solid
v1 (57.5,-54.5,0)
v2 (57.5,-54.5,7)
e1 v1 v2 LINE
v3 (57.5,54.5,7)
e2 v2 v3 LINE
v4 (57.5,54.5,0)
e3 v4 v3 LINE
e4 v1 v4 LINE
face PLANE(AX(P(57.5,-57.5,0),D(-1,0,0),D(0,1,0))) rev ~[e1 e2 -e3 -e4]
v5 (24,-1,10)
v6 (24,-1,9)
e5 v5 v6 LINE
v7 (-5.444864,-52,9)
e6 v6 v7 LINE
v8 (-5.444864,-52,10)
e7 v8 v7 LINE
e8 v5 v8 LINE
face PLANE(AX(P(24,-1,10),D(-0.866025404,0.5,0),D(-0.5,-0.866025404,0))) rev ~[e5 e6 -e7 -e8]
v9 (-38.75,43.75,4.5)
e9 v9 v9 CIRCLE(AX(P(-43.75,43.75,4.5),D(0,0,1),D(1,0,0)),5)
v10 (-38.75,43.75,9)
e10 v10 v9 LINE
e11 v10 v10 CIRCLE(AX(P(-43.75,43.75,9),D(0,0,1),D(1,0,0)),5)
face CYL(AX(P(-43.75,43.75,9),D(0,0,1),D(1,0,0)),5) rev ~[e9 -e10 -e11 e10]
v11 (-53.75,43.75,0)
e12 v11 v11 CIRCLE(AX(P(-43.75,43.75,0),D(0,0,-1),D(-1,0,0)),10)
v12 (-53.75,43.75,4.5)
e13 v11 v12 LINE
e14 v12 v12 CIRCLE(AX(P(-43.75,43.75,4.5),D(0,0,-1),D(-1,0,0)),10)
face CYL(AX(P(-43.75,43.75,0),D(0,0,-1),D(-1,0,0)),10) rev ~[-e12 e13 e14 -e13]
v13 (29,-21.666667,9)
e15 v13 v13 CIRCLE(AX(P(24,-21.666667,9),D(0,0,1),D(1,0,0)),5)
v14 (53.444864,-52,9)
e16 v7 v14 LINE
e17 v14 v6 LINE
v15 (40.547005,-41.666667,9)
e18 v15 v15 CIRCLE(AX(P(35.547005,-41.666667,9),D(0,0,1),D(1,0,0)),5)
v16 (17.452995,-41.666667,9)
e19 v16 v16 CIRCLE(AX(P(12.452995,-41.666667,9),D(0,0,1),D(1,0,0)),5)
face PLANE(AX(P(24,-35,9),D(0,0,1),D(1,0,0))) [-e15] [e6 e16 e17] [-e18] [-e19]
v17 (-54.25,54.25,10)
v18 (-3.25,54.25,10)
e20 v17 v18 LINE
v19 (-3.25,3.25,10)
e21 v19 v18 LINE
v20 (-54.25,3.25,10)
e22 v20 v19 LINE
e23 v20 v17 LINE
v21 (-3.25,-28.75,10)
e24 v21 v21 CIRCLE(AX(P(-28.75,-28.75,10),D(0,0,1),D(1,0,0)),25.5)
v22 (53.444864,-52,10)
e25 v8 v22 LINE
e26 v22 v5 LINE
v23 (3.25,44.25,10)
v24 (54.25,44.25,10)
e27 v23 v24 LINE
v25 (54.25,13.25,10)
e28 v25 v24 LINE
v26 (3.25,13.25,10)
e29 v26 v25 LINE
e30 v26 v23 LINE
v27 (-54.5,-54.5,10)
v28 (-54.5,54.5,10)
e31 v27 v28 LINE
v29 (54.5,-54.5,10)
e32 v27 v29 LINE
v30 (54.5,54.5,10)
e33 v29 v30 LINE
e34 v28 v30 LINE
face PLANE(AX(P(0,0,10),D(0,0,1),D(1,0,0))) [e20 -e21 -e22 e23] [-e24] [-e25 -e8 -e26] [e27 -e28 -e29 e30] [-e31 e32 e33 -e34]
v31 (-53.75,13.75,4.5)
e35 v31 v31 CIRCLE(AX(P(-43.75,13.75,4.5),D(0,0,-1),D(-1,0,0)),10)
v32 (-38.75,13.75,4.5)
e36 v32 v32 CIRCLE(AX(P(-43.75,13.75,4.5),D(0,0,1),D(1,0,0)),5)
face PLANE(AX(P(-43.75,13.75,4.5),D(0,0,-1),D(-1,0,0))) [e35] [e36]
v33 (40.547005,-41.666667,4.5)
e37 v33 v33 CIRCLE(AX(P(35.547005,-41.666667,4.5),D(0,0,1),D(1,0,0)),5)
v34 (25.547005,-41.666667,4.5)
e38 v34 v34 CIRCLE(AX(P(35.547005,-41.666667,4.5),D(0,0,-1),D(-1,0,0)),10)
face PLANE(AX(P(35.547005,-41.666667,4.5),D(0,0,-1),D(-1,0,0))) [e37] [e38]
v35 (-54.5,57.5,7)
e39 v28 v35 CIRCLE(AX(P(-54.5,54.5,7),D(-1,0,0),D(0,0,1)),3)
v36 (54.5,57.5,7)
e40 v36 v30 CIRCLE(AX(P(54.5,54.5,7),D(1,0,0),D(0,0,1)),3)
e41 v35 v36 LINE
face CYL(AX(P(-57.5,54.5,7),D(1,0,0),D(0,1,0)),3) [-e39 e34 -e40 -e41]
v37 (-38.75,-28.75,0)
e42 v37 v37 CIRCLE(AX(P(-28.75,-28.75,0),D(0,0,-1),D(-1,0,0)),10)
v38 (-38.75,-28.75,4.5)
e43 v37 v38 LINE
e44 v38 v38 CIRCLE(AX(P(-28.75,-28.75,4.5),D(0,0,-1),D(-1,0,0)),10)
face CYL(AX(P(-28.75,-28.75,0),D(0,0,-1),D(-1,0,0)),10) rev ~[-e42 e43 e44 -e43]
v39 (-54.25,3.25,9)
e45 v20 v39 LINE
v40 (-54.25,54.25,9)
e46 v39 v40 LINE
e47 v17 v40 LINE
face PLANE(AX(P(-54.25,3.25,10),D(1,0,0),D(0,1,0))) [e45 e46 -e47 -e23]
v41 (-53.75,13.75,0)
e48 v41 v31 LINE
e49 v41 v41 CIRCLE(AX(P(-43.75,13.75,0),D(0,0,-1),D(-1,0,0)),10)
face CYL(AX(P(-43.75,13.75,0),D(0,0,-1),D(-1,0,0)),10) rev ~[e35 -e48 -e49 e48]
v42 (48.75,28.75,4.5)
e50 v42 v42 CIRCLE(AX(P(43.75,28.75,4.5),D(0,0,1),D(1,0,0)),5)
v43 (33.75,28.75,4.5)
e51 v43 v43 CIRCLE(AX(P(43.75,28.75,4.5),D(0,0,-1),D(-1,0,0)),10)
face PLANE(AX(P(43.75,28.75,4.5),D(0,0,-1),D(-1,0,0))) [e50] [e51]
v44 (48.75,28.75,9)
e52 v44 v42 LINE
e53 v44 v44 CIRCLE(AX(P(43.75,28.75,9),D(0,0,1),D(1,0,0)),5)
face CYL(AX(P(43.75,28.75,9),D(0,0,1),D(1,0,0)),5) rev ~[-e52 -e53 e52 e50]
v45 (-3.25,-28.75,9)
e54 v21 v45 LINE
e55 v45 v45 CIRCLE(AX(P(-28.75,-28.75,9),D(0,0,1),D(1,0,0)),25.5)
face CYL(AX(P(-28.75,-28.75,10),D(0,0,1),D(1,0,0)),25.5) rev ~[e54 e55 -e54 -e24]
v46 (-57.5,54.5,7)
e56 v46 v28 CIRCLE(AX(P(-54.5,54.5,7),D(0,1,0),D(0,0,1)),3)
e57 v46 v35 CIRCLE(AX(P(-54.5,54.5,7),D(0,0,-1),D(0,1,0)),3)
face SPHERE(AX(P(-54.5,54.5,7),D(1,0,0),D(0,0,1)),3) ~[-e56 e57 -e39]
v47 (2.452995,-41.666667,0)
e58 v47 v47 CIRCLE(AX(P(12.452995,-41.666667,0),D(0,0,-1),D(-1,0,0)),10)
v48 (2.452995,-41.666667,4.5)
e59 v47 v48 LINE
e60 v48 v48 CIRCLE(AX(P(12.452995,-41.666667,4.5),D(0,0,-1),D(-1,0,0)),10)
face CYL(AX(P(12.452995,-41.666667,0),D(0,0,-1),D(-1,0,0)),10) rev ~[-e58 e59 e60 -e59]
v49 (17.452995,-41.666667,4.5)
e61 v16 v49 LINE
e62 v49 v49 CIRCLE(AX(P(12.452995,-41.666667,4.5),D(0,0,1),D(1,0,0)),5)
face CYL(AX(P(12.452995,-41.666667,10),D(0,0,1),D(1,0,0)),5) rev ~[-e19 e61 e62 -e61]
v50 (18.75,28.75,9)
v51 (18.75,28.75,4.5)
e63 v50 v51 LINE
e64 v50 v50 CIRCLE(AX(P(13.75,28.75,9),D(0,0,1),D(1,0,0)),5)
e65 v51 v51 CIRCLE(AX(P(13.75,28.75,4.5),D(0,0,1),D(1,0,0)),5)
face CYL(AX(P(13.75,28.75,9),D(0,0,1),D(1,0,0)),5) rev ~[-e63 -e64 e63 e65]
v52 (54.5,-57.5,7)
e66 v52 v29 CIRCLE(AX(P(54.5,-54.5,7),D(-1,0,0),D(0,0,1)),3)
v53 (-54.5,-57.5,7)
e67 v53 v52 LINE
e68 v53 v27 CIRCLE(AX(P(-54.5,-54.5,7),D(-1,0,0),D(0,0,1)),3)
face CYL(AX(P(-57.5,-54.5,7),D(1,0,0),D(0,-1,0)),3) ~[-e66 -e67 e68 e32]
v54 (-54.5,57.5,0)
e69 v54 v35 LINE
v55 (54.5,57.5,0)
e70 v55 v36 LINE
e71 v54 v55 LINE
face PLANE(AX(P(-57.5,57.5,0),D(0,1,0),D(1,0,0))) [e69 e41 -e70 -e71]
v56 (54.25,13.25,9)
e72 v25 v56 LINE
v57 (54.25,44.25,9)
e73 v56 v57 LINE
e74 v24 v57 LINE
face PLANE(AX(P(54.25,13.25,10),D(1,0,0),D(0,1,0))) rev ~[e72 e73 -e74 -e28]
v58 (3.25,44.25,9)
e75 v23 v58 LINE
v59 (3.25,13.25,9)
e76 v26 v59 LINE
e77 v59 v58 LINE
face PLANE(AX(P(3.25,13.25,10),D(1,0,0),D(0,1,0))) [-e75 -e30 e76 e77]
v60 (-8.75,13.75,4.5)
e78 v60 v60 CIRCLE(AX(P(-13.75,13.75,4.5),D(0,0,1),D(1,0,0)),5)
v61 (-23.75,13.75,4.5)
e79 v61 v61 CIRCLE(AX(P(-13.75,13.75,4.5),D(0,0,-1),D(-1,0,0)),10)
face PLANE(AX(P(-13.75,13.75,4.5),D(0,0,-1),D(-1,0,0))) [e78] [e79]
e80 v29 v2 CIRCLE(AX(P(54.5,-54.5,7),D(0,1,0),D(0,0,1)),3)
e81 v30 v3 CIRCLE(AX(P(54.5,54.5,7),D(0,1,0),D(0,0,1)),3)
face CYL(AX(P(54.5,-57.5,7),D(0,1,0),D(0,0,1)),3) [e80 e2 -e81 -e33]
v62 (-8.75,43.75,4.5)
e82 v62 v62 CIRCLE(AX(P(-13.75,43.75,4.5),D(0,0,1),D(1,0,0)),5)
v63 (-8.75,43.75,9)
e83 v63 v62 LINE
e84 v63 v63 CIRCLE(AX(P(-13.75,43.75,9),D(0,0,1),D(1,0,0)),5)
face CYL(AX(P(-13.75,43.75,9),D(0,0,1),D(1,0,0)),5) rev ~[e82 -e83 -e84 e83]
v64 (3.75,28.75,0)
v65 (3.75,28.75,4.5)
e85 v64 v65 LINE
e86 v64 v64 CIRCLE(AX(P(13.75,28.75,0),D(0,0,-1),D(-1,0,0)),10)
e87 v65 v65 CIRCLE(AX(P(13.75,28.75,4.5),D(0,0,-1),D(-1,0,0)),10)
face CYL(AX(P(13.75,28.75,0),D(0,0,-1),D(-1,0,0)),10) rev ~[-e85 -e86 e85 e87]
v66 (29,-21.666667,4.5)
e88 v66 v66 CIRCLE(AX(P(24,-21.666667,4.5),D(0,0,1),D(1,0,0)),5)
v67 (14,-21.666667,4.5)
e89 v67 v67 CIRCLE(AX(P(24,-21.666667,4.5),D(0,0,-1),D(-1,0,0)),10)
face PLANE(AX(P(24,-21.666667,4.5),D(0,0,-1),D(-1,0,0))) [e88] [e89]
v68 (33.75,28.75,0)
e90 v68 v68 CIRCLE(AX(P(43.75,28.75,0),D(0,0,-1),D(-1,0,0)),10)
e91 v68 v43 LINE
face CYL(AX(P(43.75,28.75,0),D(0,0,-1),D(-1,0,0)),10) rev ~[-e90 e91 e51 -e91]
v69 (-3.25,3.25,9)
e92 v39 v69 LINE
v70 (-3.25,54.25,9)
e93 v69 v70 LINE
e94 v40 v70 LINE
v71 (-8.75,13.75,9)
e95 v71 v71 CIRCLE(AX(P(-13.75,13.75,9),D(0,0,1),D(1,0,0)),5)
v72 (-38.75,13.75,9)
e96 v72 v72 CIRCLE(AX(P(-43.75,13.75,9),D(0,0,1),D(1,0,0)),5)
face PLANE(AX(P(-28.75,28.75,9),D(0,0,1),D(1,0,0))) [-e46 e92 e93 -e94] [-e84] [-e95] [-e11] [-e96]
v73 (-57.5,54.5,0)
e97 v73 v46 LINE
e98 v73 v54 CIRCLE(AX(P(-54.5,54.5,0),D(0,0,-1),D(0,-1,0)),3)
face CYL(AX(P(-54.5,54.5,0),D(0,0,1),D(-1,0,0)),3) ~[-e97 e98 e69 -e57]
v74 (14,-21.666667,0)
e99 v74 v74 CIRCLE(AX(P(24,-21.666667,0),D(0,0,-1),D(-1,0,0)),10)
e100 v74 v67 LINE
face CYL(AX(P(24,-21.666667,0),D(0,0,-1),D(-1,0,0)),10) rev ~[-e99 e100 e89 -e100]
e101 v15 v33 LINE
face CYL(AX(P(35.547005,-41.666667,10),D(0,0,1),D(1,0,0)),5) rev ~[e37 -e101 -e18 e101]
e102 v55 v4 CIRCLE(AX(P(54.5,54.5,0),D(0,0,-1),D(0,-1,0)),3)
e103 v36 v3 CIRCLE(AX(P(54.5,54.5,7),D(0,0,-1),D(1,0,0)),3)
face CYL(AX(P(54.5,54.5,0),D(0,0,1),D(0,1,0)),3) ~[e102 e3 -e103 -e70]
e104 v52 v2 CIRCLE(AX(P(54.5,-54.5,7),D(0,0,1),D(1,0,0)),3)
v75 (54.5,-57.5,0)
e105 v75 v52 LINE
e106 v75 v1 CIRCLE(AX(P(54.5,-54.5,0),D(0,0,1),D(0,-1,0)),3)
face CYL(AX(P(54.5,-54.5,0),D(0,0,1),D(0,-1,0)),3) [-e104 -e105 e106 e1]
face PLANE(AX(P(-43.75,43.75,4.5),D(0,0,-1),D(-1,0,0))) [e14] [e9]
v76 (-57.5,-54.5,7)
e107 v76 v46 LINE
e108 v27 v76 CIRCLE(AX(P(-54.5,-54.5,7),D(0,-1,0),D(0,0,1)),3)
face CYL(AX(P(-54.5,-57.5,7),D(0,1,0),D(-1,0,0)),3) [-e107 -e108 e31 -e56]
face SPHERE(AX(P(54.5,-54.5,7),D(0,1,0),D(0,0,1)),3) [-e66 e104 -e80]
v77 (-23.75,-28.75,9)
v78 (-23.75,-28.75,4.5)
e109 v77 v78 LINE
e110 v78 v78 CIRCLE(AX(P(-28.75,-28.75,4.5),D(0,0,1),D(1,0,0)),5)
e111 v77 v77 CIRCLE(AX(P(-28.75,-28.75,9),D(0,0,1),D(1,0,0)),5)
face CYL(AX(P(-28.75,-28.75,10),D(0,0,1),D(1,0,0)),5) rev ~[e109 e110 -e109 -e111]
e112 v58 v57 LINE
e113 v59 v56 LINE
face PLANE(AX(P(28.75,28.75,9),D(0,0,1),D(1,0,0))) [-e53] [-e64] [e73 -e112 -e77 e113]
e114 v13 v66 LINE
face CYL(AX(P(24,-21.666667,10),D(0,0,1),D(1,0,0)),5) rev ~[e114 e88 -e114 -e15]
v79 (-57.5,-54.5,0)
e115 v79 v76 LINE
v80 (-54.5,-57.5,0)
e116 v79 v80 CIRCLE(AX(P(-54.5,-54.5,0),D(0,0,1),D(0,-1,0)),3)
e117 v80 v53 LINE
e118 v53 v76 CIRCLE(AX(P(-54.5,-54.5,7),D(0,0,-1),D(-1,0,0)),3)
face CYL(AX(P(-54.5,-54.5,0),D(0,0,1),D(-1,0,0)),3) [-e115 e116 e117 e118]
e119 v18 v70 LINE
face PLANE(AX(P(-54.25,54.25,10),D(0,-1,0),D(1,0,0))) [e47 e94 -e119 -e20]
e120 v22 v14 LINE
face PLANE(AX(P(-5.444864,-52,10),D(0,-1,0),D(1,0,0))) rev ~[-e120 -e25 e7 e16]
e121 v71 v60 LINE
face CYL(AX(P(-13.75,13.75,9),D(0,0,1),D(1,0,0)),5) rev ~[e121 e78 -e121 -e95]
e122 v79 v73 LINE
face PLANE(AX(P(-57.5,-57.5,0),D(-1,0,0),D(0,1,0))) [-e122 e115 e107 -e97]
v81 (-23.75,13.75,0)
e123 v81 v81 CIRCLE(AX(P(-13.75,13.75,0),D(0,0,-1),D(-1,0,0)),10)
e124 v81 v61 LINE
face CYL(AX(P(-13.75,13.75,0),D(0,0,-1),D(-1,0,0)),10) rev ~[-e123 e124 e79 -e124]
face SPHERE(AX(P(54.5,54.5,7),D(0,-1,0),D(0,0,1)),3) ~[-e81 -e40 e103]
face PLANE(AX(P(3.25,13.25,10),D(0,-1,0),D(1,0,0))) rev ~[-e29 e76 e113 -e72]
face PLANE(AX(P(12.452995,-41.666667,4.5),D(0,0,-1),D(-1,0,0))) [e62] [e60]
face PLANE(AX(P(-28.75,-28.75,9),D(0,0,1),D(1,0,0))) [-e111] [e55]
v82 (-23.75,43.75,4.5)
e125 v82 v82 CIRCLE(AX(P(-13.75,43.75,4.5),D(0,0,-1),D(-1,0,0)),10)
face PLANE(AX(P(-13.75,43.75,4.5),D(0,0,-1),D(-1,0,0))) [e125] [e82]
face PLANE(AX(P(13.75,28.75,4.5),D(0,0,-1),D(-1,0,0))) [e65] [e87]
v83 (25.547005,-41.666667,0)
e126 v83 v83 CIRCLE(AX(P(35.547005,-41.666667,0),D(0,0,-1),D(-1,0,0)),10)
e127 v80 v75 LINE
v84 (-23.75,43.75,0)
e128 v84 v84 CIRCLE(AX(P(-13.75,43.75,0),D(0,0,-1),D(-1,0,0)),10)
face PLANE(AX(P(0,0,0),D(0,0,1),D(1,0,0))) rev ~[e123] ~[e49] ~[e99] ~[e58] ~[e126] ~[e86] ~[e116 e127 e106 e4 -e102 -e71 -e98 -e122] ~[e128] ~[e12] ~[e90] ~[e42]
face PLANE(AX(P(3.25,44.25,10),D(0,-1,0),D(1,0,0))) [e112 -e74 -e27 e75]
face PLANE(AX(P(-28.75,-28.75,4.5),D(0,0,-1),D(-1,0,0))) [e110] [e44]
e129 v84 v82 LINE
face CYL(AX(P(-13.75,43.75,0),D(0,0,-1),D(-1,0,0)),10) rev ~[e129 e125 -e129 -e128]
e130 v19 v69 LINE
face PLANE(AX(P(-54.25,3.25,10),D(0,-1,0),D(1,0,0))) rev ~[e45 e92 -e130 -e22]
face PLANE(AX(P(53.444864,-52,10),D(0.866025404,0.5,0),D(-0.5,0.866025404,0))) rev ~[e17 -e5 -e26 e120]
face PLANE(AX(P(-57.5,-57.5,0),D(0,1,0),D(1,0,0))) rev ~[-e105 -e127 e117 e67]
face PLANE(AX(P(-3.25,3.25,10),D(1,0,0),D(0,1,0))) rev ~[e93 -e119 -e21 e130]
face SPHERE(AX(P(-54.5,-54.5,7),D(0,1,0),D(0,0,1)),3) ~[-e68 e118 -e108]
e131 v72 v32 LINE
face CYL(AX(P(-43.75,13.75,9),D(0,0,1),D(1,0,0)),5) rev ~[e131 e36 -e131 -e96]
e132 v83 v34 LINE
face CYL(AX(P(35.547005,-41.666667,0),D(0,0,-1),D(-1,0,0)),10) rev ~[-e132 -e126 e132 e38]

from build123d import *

# Parameters (mm, degrees)
SKETCH1_W           = 115
SKETCH1_H           = 115
BOSS_EXTRUDE1_DEPTH = 10
SKETCH2_W           = 51
SKETCH2_H           = 51
CUT_EXTRUDE1_DEPTH  = 1
SKETCH4_W           = 51
SKETCH4_H           = 31
CUT_EXTRUDE2_DEPTH  = 1
SKETCH11_R          = 25.5
SKETCH11_R_2        = 5
CUT_EXTRUDE8_DEPTH  = 1
SKETCH6_R           = 5
CUT_EXTRUDE9_DEPTH  = 1
SKETCH3_R           = 5
CUT_EXTRUDE10_DEPTH = 10
SKETCH5_R           = 5
CUT_EXTRUDE11_DEPTH = 10
SKETCH19_R          = 5
CUT_EXTRUDE12_DEPTH = 10
SKETCH20_R          = 5
CUT_EXTRUDE13_DEPTH = 10
SKETCH21_R          = 10
CUT_EXTRUDE14_DEPTH = 4.5
FILLET2_R           = 3


with BuildPart() as part:
    # Sketch1 → Boss-Extrude1 (new body)
    with BuildSketch(Plane.XY):
        Rectangle(SKETCH1_W, SKETCH1_H)
    extrude(amount=BOSS_EXTRUDE1_DEPTH)

    # Sketch2 → Cut-Extrude1 (cut)
    with BuildSketch(Plane.XY.offset(10)):
        with Locations((-28.75, 28.75)):
            Rectangle(SKETCH2_W, SKETCH2_H)
    extrude(amount=-CUT_EXTRUDE1_DEPTH, mode=Mode.SUBTRACT)

    # Sketch4 → Cut-Extrude2 (cut)
    with BuildSketch(Plane.XY.offset(10)):
        with Locations((28.75, 28.75)):
            Rectangle(SKETCH4_W, SKETCH4_H)
    extrude(amount=-CUT_EXTRUDE2_DEPTH, mode=Mode.SUBTRACT)

    # Sketch11 → Cut-Extrude8 (cut)
    with BuildSketch(Plane.XY.offset(10)):
        with Locations((-28.75, -28.75)):
            Circle(SKETCH11_R)
        with Locations((-28.75, -28.75)):
            Circle(SKETCH11_R_2, mode=Mode.SUBTRACT)
    extrude(amount=-CUT_EXTRUDE8_DEPTH, mode=Mode.SUBTRACT)

    # Sketch6 → Cut-Extrude9 (cut)
    with BuildSketch(Plane.XY.offset(10)):
        Polygon((24, -1), (-5.444863729, -52), (53.444863729, -52), align=None)
        with Locations((24, -21.666666667)):
            Circle(SKETCH6_R, mode=Mode.SUBTRACT)
        with Locations((35.547005384, -41.666666667)):
            Circle(SKETCH6_R, mode=Mode.SUBTRACT)
        with Locations((12.452994616, -41.666666667)):
            Circle(SKETCH6_R, mode=Mode.SUBTRACT)
    extrude(amount=-CUT_EXTRUDE9_DEPTH, mode=Mode.SUBTRACT)

    # Sketch3 → Cut-Extrude10 (cut)
    with BuildSketch(Plane.XY.offset(9)):
        with Locations((-43.75, 43.75)):
            Circle(SKETCH3_R)
        with Locations((-13.75, 43.75)):
            Circle(SKETCH3_R)
        with Locations((-13.75, 13.75)):
            Circle(SKETCH3_R)
        with Locations((-43.75, 13.75)):
            Circle(SKETCH3_R)
    extrude(amount=-CUT_EXTRUDE10_DEPTH, mode=Mode.SUBTRACT)

    # Sketch5 → Cut-Extrude11 (cut)
    with BuildSketch(Plane.XY.offset(9)):
        with Locations((13.75, 28.75)):
            Circle(SKETCH5_R)
        with Locations((43.75, 28.75)):
            Circle(SKETCH5_R)
    extrude(amount=-CUT_EXTRUDE11_DEPTH, mode=Mode.SUBTRACT)

    # Sketch19 → Cut-Extrude12 (cut)
    with BuildSketch(Plane.XY.offset(10)):
        with Locations((-28.75, -28.75)):
            Circle(SKETCH19_R)
    extrude(amount=-CUT_EXTRUDE12_DEPTH, mode=Mode.SUBTRACT)

    # Sketch20 → Cut-Extrude13 (cut)
    with BuildSketch(Plane.XY.offset(10)):
        with Locations((24, -21.666666667)):
            Circle(SKETCH20_R)
        with Locations((35.547005384, -41.666666667)):
            Circle(SKETCH20_R)
        with Locations((12.452994616, -41.666666667)):
            Circle(SKETCH20_R)
    extrude(amount=-CUT_EXTRUDE13_DEPTH, mode=Mode.SUBTRACT)

    # Sketch21 → Cut-Extrude14 (cut)
    with BuildSketch(Plane(origin=(0, 0, 0), x_dir=(-1, 0, 0), z_dir=(0, 0, -1))):
        with Locations((-43.75, 28.75)):
            Circle(SKETCH21_R)
        with Locations((-13.75, 28.75)):
            Circle(SKETCH21_R)
        with Locations((13.75, 43.75)):
            Circle(SKETCH21_R)
        with Locations((43.75, 43.75)):
            Circle(SKETCH21_R)
        with Locations((43.75, 13.75)):
            Circle(SKETCH21_R)
        with Locations((13.75, 13.75)):
            Circle(SKETCH21_R)
        with Locations((-24, -21.666666667)):
            Circle(SKETCH21_R)
        with Locations((28.75, -28.75)):
            Circle(SKETCH21_R)
        with Locations((-12.452994616, -41.666666667)):
            Circle(SKETCH21_R)
        with Locations((-35.547005384, -41.666666667)):
            Circle(SKETCH21_R)
    extrude(amount=-CUT_EXTRUDE14_DEPTH, mode=Mode.SUBTRACT)

    # Fillet2
    fillet2_edges = [part.edges().sort_by_distance(p)[0] for p in [
        (57.5, 0, 10),
        (0, 57.5, 10),
        (-57.5, 0, 10),
        (0, -57.5, 10),
        (-57.5, 57.5, 5),
        (57.5, 57.5, 5),
        (57.5, -57.5, 5),
        (-57.5, -57.5, 5),
    ]]
    fillet(fillet2_edges, radius=FILLET2_R)


solid = part.part
